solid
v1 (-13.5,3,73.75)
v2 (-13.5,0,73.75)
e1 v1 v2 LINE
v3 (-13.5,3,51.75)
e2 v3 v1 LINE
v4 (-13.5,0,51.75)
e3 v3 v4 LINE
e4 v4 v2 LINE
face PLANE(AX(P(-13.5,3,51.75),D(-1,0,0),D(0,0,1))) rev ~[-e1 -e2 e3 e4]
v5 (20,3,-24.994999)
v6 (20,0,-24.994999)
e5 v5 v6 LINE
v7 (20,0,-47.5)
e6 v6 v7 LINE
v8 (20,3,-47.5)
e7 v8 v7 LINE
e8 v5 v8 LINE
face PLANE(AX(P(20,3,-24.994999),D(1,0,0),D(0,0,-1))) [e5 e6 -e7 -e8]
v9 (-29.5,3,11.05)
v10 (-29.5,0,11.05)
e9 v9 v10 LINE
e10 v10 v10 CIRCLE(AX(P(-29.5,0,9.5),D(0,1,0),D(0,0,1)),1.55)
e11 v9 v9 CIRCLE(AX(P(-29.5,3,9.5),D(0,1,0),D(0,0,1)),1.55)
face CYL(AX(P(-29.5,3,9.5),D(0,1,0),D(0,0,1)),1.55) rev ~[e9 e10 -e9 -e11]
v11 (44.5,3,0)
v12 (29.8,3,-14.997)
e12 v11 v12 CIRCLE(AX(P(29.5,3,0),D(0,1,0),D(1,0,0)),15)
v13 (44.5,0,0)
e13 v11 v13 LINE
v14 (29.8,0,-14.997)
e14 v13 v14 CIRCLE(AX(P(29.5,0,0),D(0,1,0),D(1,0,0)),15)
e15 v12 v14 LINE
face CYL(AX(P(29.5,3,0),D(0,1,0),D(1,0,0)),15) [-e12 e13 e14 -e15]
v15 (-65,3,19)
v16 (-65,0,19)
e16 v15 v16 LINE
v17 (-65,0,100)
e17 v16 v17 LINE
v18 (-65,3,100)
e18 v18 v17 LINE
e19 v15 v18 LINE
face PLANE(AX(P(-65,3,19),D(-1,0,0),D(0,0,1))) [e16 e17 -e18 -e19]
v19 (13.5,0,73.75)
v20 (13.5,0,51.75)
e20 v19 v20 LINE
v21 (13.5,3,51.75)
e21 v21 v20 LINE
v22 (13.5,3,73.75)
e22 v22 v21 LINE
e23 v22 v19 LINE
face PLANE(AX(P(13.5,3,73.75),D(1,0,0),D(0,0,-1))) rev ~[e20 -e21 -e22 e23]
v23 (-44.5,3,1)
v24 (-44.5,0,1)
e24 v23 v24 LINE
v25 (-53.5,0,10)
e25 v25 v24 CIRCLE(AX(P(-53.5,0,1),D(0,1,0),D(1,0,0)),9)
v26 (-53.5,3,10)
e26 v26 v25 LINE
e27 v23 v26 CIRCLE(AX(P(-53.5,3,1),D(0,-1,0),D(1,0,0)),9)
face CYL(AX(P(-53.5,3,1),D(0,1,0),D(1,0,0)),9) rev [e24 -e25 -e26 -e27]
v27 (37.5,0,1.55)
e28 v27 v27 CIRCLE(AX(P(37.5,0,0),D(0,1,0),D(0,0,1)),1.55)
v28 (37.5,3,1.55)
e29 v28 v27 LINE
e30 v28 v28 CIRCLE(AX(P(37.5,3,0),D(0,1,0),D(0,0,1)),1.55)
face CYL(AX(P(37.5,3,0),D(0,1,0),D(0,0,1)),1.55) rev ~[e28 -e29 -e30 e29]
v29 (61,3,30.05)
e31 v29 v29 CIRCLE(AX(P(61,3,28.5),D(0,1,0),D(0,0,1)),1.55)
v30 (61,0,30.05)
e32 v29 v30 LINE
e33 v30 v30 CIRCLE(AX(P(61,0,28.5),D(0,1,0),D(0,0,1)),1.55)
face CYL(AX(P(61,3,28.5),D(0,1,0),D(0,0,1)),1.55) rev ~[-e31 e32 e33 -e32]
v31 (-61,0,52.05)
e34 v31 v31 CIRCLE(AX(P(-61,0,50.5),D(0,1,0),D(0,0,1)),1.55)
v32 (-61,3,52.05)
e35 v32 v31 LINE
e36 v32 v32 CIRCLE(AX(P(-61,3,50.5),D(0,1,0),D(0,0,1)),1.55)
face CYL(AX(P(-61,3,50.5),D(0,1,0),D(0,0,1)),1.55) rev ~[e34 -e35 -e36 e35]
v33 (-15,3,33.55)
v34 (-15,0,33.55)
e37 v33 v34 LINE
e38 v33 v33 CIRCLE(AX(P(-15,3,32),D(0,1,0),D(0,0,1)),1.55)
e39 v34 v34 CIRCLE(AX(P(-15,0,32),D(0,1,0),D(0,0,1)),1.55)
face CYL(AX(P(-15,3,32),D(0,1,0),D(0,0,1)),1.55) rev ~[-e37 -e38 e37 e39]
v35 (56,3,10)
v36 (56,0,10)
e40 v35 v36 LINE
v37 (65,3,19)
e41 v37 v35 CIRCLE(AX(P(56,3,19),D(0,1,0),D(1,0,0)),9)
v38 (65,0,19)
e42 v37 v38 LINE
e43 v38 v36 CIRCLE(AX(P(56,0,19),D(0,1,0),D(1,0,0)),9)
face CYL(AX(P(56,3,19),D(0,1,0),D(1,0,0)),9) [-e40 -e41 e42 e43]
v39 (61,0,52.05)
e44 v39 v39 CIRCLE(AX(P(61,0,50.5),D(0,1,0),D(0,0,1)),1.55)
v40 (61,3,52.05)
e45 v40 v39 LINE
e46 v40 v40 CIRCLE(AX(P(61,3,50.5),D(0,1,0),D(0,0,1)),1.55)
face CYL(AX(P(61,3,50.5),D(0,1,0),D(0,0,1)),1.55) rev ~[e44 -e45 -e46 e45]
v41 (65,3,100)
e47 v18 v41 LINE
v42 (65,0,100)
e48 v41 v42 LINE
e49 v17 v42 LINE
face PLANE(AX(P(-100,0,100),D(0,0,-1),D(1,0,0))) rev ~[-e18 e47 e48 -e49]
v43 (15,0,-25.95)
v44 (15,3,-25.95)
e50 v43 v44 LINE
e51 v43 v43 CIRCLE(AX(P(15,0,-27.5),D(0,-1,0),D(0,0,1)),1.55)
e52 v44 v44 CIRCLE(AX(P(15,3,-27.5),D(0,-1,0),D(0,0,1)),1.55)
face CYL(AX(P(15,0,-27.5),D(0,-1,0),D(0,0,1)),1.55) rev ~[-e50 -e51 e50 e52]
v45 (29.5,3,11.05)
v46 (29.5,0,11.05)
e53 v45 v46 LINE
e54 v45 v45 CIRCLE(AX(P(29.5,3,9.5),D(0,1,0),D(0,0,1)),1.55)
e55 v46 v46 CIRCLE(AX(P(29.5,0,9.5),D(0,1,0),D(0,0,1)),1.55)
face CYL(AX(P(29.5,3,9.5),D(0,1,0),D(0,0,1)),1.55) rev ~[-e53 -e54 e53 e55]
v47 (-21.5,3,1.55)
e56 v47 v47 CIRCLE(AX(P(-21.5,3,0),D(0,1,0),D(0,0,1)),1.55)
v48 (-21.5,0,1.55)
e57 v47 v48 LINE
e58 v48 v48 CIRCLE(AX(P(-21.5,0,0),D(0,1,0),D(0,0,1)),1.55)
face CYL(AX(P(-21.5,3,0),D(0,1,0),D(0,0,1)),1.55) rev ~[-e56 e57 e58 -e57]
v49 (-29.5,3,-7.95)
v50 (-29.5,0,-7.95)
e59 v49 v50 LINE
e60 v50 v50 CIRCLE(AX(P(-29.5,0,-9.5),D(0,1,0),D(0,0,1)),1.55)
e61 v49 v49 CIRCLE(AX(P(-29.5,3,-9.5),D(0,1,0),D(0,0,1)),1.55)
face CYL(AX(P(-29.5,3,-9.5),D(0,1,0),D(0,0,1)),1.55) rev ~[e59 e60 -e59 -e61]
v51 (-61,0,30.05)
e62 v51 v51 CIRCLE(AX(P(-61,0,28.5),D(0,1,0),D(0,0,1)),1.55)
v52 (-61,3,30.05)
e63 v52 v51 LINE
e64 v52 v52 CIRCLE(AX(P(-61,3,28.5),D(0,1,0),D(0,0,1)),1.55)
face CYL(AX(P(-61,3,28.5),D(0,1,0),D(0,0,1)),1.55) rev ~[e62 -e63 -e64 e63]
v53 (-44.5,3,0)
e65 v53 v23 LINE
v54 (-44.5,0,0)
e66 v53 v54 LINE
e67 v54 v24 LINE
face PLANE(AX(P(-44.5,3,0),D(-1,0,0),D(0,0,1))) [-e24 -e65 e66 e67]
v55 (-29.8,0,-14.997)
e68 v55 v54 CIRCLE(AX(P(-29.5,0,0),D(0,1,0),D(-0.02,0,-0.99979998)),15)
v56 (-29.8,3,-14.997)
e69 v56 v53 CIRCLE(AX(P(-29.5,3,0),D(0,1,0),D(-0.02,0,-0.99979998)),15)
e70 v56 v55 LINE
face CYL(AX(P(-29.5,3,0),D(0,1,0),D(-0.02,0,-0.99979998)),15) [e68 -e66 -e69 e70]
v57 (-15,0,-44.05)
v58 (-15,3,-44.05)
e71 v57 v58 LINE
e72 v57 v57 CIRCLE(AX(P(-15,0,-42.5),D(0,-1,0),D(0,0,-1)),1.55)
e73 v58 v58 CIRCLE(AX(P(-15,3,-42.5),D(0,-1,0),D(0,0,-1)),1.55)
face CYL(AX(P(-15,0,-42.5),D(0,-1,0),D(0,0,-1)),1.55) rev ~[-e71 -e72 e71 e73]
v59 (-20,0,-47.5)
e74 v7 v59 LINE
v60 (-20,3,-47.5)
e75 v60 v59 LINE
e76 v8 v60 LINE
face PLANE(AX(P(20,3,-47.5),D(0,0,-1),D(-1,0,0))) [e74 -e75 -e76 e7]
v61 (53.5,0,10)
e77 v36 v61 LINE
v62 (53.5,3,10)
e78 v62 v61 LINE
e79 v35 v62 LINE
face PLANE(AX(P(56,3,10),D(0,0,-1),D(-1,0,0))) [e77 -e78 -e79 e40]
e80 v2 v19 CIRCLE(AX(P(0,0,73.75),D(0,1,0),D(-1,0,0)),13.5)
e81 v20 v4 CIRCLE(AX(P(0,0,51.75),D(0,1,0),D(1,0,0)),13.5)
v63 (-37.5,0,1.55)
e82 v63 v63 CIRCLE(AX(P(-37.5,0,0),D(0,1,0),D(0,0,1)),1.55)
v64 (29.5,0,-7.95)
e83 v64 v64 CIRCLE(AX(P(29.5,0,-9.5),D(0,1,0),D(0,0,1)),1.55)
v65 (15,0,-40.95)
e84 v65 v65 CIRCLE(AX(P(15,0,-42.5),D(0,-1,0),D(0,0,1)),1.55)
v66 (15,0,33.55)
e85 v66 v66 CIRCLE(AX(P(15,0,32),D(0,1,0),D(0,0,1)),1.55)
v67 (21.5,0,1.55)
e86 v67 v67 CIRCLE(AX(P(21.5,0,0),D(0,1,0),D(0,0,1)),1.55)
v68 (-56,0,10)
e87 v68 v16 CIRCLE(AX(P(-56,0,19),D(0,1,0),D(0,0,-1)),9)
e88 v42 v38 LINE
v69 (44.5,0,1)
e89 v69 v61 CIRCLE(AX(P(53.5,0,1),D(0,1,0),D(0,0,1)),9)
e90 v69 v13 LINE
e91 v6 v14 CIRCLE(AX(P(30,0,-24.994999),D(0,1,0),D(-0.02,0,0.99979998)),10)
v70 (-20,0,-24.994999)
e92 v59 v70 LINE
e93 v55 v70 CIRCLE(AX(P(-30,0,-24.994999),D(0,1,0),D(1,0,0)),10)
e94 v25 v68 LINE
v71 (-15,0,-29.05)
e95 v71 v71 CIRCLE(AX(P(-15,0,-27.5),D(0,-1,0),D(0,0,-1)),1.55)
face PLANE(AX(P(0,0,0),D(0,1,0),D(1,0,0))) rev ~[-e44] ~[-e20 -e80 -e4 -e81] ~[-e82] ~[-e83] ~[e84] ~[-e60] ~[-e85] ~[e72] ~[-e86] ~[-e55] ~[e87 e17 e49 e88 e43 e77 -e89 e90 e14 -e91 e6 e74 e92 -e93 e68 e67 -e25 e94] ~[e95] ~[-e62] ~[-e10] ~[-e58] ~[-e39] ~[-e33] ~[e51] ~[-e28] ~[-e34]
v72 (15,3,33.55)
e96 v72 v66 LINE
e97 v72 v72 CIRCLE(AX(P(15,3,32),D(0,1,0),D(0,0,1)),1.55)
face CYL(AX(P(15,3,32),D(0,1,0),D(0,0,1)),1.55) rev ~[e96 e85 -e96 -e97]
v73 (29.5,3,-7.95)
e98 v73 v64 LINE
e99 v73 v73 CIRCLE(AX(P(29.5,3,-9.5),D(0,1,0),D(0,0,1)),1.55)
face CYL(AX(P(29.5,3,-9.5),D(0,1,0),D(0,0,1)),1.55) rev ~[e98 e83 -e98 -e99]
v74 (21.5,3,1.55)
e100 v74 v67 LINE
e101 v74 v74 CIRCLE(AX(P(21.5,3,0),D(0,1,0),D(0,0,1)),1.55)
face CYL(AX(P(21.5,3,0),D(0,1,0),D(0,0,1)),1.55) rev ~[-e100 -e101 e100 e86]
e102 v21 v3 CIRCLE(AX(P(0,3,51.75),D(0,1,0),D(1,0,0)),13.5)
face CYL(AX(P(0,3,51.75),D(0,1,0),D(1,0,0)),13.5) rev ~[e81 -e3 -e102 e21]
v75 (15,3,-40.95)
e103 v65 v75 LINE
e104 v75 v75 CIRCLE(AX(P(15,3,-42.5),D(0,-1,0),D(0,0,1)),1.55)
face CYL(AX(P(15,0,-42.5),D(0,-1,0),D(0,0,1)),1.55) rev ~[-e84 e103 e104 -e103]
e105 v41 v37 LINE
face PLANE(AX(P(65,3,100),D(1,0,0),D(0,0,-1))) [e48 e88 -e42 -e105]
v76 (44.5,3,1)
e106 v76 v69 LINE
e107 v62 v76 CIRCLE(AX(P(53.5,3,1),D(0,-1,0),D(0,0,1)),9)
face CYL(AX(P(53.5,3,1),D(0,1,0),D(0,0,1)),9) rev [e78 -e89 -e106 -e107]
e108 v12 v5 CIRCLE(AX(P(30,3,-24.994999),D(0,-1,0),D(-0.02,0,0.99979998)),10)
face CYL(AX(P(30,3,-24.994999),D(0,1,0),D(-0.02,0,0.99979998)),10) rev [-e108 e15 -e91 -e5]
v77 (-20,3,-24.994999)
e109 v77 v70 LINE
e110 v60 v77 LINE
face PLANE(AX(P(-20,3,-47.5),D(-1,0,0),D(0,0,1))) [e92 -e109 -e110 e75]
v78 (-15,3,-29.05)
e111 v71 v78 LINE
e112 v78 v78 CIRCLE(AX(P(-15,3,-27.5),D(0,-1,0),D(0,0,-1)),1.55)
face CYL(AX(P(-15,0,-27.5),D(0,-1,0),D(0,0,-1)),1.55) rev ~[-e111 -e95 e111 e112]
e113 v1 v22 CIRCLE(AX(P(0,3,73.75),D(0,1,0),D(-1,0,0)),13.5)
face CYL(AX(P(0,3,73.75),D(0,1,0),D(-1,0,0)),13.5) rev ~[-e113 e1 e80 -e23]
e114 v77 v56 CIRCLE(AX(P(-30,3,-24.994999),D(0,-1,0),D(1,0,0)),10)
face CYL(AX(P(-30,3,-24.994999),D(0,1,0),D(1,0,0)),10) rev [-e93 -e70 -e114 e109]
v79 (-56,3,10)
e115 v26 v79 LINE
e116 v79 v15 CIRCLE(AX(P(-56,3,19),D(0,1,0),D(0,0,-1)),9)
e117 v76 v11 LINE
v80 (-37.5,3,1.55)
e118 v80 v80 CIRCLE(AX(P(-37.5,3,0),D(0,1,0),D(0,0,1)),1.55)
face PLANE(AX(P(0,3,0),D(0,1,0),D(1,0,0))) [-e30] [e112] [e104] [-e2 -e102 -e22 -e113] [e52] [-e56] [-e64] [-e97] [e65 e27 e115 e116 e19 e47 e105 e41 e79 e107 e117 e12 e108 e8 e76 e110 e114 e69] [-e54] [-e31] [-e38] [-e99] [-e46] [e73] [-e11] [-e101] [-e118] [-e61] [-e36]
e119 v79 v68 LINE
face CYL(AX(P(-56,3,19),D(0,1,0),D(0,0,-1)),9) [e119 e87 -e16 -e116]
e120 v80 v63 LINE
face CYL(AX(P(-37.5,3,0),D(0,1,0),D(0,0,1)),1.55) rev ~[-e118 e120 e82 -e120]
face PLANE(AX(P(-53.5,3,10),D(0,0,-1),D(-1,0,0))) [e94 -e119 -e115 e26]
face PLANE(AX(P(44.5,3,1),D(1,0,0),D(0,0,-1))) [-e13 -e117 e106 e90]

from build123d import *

# Parameters (mm, degrees)
SKETCH_1_W              = 200
SKETCH_1_H              = 200
EXTRUDE_1_DEPTH         = 3
SKETCH_2_R              = 1.55
CUT_EXTRUDE_2_DEPTH     = 10
CUT_EXTRUDE_3_DEPTH     = 10
SKETCH_6_R              = 1.55
CUT_EXTRUDE_3_1_1_DEPTH = 10
SKETCH_7_R              = 1.55
CUT_EXTRUDE_3_1_2_DEPTH = 120.306328416
CUT_EXTRUDE_21_DEPTH    = 10


with BuildPart() as part:
    # 草图1 → 凸台-拉伸1 (new body)
    with BuildSketch(Plane(origin=(0, 0, 0), x_dir=(1, 0, 0), z_dir=(0, 1, 0))):
        Rectangle(SKETCH_1_W, SKETCH_1_H)
    extrude(amount=EXTRUDE_1_DEPTH)

    # 草图2 → 切除-拉伸2 (cut)
    with BuildSketch(Plane(origin=(0, 3, 0), x_dir=(1, 0, 0), z_dir=(0, 1, 0))):
        with Locations(Location((29.5, 9.5, 0), (0, 0, 270))):
            Circle(SKETCH_2_R)
        with Locations(Location((21.5, 0, 0), (0, 0, 270))):
            Circle(SKETCH_2_R)
        with Locations(Location((29.5, -9.5, 0), (0, 0, 270))):
            Circle(SKETCH_2_R)
        with Locations(Location((37.5, 0, 0), (0, 0, 270))):
            Circle(SKETCH_2_R)
        with Locations(Location((-29.5, -9.5, 0), (0, 0, 270))):
            Circle(SKETCH_2_R)
        with Locations(Location((-37.5, 0, 0), (0, 0, 270))):
            Circle(SKETCH_2_R)
        with Locations(Location((-21.5, 0, 0), (0, 0, 270))):
            Circle(SKETCH_2_R)
        with Locations(Location((-29.5, 9.5, 0), (0, 0, 270))):
            Circle(SKETCH_2_R)
        with Locations(Location((-15, -32, 0), (0, 0, 270))):
            Circle(SKETCH_2_R)
        with Locations(Location((15, -32, 0), (0, 0, 270))):
            Circle(SKETCH_2_R)
    extrude(amount=-CUT_EXTRUDE_2_DEPTH, mode=Mode.SUBTRACT)

    # 草图5 → 切除-拉伸3 (cut)
    with BuildSketch(Plane(origin=(0, 3, 0), x_dir=(1, 0, 0), z_dir=(0, 1, 0))):
        with BuildLine():
            Line((-65, -100), (-189.497959863, -100))
            Line((-189.497959863, -100), (-189.497959863, 163.072140164))
            Line((-189.497959863, 163.072140164), (202.300249071, 163.072140164))
            Line((202.300249071, 163.072140164), (202.300249071, -100))
            Line((202.300249071, -100), (65, -100))
            Line((65, -100), (65, -19))
            ThreePointArc((65, -19), (62.363961031, -12.636038969), (56, -10))
            Line((56, -10), (53.5, -10))
            ThreePointArc((53.5, -10), (47.136038969, -7.363961031), (44.5, -1))
            Line((44.5, -1), (44.5, 0))
            ThreePointArc((44.5, 0), (40.212142643, 10.5), (29.8, 14.9969997))
            ThreePointArc((29.8, 14.9969997), (22.858571571, 17.9949995), (20, 24.9949995))
            Line((20, 24.9949995), (20, 47.5))
            Line((20, 47.5), (0, 47.5))
            Line((0, 47.5), (-20, 47.5))
            Line((-20, 47.5), (-20, 24.9949995))
            ThreePointArc((-20, 24.9949995), (-22.858571571, 17.9949995), (-29.8, 14.9969997))
            ThreePointArc((-29.8, 14.9969997), (-40.212142643, 10.5), (-44.5, 0))
            Line((-44.5, 0), (-44.5, -1))
            ThreePointArc((-44.5, -1), (-47.136038969, -7.363961031), (-53.5, -10))
            Line((-53.5, -10), (-56, -10))
            ThreePointArc((-56, -10), (-62.363961031, -12.636038969), (-65, -19))
            Line((-65, -19), (-65, -100))
        make_face()
    extrude(amount=-CUT_EXTRUDE_3_DEPTH, mode=Mode.SUBTRACT)

    # 草图6 → φ3.1通孔1 (cut)
    with BuildSketch(Plane.XZ):
        with Locations(Location((-15, -42.5, 0), (0, 0, 270))):
            Circle(SKETCH_6_R)
        with Locations(Location((-15, -27.5, 0), (0, 0, 270))):
            Circle(SKETCH_6_R)
        with Locations(Location((15, -27.5, 0), (0, 0, 90))):
            Circle(SKETCH_6_R)
        with Locations(Location((15, -42.5, 0), (0, 0, 90))):
            Circle(SKETCH_6_R)
    extrude(amount=-CUT_EXTRUDE_3_1_1_DEPTH, mode=Mode.SUBTRACT)

    # 草图7 → φ3.1通孔2 (cut, through all)
    with BuildSketch(Plane(origin=(0, 3, 0), x_dir=(1, 0, 0), z_dir=(0, 1, 0))):
        with Locations(Location((-61, -28.5, 0), (0, 0, 270))):
            Circle(SKETCH_7_R)
        with Locations(Location((-61, -50.5, 0), (0, 0, 270))):
            Circle(SKETCH_7_R)
        with Locations(Location((61, -28.5, 0), (0, 0, 270))):
            Circle(SKETCH_7_R)
        with Locations(Location((61, -50.5, 0), (0, 0, 270))):
            Circle(SKETCH_7_R)
    extrude(amount=-CUT_EXTRUDE_3_1_2_DEPTH, mode=Mode.SUBTRACT)

    # 草图9 → φ21拨单电机孔 (cut)
    with BuildSketch(Plane(origin=(0, 3, 0), x_dir=(1, 0, 0), z_dir=(0, 1, 0))):
        with BuildLine():
            Line((-13.5, -51.75), (-13.5, -73.75))
            ThreePointArc((-13.5, -73.75), (0, -87.25), (13.5, -73.75))
            Line((13.5, -73.75), (13.5, -51.75))
            ThreePointArc((13.5, -51.75), (0, -38.25), (-13.5, -51.75))
        make_face()
    extrude(amount=-CUT_EXTRUDE_21_DEPTH, mode=Mode.SUBTRACT)


solid = part.part
